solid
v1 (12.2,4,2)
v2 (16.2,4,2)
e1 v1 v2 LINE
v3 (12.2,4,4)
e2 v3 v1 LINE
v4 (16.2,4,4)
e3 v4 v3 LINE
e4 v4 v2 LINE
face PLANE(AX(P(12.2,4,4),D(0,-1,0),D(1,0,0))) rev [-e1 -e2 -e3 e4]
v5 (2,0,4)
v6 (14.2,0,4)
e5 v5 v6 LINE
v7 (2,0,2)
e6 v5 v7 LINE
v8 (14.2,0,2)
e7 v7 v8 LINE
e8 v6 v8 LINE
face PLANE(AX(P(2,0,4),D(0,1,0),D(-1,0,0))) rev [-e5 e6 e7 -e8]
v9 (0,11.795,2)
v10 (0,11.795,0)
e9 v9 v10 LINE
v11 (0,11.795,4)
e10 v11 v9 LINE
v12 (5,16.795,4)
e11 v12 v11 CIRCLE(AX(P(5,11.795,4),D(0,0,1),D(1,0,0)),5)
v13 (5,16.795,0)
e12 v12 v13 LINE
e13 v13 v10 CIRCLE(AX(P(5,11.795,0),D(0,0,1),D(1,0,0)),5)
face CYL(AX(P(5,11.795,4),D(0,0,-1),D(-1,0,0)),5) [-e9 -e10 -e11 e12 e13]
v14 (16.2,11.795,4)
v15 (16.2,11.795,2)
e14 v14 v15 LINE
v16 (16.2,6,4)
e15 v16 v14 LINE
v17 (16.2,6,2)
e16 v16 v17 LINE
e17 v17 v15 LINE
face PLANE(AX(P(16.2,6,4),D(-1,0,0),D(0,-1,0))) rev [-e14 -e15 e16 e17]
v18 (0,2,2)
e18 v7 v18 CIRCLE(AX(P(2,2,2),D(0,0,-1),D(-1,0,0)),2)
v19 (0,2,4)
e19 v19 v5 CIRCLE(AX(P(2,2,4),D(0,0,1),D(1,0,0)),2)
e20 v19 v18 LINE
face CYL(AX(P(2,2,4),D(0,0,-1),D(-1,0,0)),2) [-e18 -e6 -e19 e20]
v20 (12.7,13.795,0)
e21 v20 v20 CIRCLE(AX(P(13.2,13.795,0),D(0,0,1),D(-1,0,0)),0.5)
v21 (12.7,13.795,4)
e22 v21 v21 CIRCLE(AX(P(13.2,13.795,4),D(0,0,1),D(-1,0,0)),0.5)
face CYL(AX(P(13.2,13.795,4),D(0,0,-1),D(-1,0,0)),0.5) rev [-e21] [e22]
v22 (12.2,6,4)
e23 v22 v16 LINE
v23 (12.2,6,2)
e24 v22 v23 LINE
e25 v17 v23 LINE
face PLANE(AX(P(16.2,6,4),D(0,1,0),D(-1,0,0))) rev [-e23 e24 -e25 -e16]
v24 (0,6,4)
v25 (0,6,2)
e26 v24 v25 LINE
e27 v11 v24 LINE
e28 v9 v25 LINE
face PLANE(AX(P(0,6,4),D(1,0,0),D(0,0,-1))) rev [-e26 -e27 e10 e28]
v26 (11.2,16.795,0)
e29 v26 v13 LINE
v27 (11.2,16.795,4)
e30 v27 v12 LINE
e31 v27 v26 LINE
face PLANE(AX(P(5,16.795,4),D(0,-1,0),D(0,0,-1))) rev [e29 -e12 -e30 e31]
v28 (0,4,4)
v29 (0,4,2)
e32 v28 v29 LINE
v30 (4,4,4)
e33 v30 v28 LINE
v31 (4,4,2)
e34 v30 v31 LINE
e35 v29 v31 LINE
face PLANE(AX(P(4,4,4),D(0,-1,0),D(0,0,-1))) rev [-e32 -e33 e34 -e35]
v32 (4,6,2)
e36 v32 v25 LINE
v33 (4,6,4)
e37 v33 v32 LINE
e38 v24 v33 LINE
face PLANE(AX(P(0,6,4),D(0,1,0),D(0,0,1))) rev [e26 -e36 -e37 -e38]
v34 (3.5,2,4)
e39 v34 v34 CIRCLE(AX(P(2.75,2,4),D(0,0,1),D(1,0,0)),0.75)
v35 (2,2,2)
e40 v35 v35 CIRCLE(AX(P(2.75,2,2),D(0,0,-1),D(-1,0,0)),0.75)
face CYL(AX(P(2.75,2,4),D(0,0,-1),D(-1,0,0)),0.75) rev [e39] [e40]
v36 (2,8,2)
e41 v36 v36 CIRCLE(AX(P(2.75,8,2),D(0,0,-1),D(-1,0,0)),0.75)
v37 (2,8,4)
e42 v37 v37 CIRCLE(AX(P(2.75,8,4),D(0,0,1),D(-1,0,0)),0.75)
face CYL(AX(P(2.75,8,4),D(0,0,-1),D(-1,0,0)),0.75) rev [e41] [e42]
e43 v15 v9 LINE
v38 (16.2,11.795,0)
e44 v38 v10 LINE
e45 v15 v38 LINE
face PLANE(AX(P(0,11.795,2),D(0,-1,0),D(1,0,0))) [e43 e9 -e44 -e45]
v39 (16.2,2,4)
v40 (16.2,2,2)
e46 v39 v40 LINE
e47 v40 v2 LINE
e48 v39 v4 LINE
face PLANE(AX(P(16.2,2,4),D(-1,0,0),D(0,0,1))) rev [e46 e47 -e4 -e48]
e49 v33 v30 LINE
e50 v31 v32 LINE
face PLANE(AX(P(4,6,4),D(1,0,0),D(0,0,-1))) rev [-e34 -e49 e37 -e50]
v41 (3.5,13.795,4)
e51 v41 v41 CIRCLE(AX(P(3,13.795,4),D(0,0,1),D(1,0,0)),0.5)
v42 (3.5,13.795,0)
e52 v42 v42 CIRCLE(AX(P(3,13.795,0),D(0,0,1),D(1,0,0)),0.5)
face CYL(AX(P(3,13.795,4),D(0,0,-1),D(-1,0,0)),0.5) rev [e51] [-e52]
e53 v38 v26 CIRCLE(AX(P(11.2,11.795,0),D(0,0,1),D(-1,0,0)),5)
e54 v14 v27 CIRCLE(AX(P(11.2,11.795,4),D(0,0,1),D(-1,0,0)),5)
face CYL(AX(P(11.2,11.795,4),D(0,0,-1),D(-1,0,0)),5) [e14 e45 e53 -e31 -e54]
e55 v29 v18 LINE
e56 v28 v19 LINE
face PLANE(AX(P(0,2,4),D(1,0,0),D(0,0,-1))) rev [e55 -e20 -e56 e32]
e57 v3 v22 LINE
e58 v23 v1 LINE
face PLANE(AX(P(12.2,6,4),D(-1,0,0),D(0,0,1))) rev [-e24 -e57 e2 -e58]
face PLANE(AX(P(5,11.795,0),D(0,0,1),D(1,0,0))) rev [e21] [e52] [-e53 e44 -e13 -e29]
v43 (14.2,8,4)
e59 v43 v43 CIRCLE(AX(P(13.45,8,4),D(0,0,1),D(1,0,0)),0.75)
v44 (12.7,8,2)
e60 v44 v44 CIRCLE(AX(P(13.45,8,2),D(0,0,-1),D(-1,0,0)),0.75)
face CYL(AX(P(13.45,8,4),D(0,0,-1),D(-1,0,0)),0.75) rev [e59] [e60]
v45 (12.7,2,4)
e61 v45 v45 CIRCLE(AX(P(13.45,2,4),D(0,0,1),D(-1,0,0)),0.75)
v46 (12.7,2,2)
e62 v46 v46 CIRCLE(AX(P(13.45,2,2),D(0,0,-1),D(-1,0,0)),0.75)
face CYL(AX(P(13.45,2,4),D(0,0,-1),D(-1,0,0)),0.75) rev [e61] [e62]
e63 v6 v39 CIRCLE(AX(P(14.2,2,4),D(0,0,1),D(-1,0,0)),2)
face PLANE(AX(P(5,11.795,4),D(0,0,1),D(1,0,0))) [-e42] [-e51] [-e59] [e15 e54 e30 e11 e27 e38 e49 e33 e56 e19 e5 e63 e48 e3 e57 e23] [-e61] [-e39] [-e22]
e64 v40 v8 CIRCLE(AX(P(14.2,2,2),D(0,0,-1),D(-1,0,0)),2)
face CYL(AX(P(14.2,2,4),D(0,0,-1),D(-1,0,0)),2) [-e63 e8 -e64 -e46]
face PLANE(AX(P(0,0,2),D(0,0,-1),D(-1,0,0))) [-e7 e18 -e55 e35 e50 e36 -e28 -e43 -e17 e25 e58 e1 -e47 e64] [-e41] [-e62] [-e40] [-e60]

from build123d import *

# Parameters (mm, degrees)
SKETCH1_R           = 0.75
SKETCH1_R_2         = 0.5
BOSS_EXTRUDE1_DEPTH = 4
SKETCH2_W           = 16.2
SKETCH2_H           = 11.795
CUT_EXTRUDE1_DEPTH  = 2


with BuildPart() as part:
    # Sketch1 → Boss-Extrude1 (new body)
    with BuildSketch(Plane.XY):
        with BuildLine():
            Line((0, 6), (0, 11.795))
            ThreePointArc((0, 11.795), (1.464466094, 15.330533906), (5, 16.795))
            Line((5, 16.795), (11.2, 16.795))
            ThreePointArc((11.2, 16.795), (14.735533906, 15.330533906), (16.2, 11.795))
            Line((16.2, 11.795), (16.2, 6))
            Line((16.2, 6), (12.2, 6))
            Line((12.2, 6), (12.2, 4))
            Line((12.2, 4), (16.2, 4))
            Line((16.2, 4), (16.2, 2))
            ThreePointArc((16.2, 2), (15.614213562, 0.585786438), (14.2, 0))
            Line((14.2, 0), (2, 0))
            ThreePointArc((2, 0), (0.585786438, 0.585786438), (0, 2))
            Line((0, 2), (0, 4))
            Line((0, 4), (4, 4))
            Line((4, 4), (4, 6))
            Line((4, 6), (0, 6))
        make_face()
        with Locations((13.45, 2)):
            Circle(SKETCH1_R, mode=Mode.SUBTRACT)
        with Locations((13.45, 8)):
            Circle(SKETCH1_R, mode=Mode.SUBTRACT)
        with Locations((3, 13.795)):
            Circle(SKETCH1_R_2, mode=Mode.SUBTRACT)
        with Locations((13.2, 13.795)):
            Circle(SKETCH1_R_2, mode=Mode.SUBTRACT)
        with Locations((2.75, 8)):
            Circle(SKETCH1_R, mode=Mode.SUBTRACT)
        with Locations((2.75, 2)):
            Circle(SKETCH1_R, mode=Mode.SUBTRACT)
    extrude(amount=BOSS_EXTRUDE1_DEPTH)

    # Sketch2 → Cut-Extrude1 (cut)
    with BuildSketch(Plane.XY):
        with Locations((8.1, 5.8975)):
            Rectangle(SKETCH2_W, SKETCH2_H)
    extrude(amount=CUT_EXTRUDE1_DEPTH, mode=Mode.SUBTRACT)


solid = part.part
